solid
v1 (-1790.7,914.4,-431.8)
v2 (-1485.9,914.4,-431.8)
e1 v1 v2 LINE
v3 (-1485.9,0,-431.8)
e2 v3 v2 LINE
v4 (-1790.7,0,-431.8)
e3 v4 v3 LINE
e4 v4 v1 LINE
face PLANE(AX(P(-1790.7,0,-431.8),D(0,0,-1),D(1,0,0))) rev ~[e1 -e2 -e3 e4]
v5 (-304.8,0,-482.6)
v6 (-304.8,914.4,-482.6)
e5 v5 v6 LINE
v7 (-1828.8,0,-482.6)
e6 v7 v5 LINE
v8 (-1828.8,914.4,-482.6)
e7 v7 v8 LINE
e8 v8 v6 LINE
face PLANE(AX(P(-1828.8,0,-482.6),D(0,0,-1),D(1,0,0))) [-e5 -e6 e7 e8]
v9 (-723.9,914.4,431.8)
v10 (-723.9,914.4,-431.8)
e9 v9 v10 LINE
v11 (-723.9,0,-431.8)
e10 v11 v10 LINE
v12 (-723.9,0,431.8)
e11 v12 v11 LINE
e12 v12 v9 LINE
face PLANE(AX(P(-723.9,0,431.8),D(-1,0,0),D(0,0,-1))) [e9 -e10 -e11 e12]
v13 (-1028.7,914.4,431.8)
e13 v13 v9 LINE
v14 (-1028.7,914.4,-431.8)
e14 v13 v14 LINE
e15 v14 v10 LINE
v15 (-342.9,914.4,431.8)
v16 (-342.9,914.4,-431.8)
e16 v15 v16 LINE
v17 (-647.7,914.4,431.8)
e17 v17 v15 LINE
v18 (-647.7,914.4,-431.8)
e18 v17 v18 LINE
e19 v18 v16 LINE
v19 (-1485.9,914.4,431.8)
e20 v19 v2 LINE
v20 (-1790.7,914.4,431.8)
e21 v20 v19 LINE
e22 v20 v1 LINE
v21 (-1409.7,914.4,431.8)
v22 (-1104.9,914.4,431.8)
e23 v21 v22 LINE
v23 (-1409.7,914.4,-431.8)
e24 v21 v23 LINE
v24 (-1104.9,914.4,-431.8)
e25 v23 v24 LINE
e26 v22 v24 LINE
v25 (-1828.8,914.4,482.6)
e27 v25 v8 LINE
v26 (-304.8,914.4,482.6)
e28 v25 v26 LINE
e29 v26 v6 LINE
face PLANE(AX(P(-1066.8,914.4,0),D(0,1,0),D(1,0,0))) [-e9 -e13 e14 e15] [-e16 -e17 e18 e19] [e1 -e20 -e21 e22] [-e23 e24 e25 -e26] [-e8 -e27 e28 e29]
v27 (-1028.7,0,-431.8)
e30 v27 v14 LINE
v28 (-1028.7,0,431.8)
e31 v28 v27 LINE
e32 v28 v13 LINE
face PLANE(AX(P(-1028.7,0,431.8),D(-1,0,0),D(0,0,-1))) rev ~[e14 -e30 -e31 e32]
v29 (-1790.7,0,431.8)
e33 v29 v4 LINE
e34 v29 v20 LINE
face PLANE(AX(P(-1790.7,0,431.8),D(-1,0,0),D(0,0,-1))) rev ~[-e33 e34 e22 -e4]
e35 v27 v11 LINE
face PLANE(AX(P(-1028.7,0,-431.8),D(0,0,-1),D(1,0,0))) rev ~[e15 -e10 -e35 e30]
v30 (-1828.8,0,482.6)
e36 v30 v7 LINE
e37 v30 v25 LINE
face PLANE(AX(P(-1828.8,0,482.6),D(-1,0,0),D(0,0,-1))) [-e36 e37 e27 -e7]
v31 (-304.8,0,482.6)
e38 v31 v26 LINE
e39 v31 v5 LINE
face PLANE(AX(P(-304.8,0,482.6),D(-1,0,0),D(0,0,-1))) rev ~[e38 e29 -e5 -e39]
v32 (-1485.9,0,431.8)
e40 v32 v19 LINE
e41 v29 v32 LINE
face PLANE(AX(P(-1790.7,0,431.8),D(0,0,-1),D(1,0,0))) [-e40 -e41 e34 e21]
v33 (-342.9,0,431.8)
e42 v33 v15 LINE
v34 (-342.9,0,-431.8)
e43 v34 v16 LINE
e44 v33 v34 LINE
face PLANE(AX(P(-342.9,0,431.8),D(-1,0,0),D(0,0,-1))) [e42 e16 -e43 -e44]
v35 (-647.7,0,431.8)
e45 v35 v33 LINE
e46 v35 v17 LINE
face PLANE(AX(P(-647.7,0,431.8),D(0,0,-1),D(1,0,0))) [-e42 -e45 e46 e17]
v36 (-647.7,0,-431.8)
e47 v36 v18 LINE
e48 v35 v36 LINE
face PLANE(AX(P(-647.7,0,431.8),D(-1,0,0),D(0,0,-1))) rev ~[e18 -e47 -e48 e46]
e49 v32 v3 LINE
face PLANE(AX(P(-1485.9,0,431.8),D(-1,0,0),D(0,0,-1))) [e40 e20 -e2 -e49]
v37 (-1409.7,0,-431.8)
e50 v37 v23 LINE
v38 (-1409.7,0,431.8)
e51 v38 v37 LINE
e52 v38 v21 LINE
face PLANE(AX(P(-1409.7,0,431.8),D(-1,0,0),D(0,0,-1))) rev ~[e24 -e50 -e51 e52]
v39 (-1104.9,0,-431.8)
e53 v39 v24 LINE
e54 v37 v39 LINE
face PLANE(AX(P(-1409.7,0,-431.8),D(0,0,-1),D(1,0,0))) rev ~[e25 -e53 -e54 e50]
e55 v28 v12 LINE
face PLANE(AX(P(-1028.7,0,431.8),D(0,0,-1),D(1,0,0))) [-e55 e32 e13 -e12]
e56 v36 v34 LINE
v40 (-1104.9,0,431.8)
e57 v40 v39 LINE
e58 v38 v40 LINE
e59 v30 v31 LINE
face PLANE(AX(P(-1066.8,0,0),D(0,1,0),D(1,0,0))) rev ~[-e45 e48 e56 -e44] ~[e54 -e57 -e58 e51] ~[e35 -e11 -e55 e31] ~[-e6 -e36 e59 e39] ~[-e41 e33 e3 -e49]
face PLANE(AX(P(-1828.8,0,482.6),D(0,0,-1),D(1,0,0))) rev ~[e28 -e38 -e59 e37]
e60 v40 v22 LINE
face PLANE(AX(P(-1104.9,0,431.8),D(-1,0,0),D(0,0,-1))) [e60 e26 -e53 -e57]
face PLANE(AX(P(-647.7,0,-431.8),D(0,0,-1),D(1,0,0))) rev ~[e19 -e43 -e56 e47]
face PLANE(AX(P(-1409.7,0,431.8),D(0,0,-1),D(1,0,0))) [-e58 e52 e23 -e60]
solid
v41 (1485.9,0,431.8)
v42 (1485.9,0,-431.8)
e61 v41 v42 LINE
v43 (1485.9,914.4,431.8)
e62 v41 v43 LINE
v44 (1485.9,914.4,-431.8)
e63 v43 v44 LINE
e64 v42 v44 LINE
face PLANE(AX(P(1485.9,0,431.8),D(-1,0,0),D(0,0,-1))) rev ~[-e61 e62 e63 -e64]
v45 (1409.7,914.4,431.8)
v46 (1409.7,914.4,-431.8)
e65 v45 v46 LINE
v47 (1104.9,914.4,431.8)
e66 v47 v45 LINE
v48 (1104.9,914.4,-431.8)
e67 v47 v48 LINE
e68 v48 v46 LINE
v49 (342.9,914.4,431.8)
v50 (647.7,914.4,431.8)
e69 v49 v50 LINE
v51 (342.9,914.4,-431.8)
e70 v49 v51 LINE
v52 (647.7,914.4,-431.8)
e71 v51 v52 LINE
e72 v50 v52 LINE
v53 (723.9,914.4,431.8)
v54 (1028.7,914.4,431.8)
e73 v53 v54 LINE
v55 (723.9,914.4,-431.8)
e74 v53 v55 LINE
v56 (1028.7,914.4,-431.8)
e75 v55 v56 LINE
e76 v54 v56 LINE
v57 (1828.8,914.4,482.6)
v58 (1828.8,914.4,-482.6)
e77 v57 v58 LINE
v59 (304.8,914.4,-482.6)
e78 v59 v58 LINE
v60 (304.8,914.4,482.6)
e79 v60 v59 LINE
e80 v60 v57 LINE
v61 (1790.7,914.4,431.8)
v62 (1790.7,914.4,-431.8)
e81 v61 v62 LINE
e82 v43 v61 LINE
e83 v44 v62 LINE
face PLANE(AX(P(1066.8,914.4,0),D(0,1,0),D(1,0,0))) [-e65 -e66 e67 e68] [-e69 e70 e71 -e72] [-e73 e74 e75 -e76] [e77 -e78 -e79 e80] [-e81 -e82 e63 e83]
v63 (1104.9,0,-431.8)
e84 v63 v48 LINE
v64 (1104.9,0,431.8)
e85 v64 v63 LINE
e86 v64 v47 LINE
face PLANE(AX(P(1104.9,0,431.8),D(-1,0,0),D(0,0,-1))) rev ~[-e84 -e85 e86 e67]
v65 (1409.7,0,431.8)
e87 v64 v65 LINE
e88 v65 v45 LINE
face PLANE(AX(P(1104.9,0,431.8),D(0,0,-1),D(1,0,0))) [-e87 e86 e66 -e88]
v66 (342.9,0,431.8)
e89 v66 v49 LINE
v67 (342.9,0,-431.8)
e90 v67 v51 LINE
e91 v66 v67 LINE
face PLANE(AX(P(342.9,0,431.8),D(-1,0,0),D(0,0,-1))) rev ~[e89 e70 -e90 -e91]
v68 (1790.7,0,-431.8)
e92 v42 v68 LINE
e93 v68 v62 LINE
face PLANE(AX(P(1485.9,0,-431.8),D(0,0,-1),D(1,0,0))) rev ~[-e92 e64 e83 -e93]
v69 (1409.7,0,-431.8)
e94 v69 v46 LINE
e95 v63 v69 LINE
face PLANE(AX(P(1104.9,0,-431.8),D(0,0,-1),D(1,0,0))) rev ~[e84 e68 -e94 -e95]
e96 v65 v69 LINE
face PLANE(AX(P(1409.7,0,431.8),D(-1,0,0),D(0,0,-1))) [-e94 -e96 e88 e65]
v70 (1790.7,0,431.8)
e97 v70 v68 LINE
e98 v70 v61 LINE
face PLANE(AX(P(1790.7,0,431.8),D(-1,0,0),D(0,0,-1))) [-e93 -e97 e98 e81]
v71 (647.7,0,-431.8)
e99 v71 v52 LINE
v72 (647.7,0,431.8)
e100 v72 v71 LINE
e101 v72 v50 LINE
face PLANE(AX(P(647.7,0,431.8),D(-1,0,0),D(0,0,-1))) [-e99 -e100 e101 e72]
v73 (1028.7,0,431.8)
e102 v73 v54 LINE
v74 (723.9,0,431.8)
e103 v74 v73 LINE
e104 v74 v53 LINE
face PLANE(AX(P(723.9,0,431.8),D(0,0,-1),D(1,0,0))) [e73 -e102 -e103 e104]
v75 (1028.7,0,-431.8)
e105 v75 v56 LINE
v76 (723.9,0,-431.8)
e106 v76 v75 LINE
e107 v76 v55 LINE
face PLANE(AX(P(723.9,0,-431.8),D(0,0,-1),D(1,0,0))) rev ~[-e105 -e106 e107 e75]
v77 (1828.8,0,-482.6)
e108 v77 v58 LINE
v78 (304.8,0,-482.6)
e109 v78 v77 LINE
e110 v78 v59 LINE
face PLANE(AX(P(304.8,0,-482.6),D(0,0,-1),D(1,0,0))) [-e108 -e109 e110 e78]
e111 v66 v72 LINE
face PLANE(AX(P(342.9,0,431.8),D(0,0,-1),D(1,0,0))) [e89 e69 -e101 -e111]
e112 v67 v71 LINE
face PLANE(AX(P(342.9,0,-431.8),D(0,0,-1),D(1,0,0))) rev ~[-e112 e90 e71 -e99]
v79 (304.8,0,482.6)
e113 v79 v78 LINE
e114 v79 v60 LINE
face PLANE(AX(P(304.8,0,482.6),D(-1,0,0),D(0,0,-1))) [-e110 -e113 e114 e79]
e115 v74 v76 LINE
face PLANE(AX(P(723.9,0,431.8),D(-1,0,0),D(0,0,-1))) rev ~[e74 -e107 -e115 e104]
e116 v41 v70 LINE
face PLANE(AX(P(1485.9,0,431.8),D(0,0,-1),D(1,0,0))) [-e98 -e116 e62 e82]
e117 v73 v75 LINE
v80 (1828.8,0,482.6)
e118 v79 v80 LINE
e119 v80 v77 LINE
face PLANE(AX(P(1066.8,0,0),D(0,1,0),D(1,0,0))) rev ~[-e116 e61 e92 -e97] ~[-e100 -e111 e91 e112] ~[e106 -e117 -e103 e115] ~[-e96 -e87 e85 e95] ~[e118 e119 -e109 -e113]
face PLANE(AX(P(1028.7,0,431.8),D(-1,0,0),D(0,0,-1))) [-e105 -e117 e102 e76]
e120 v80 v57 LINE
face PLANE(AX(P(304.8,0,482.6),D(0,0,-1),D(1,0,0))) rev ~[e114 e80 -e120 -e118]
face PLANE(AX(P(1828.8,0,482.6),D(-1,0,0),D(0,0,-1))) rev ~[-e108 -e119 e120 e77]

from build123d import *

# Parameters (mm, degrees)
SKETCH1_W             = 1524
SKETCH1_H             = 965.2
SKETCH1_W_2           = 304.8
SKETCH1_H_2           = 863.6
BOSS_EXTRUDE2_DEPTH   = 914.4
BOSS_EXTRUDE2_2_DEPTH = 914.4


with BuildPart() as part:
    # Sketch1 → Boss-Extrude2 (new body)
    with BuildSketch(Plane(origin=(0, 0, 0), x_dir=(1, 0, 0), z_dir=(0, 1, 0))):
        with Locations((-1066.8, 0)):
            Rectangle(SKETCH1_W, SKETCH1_H)
        with Locations((-1638.3, 0)):
            Rectangle(SKETCH1_W_2, SKETCH1_H_2, mode=Mode.SUBTRACT)
        with Locations((-1257.3, 0)):
            Rectangle(SKETCH1_W_2, SKETCH1_H_2, mode=Mode.SUBTRACT)
        with Locations((-876.3, 0)):
            Rectangle(SKETCH1_W_2, SKETCH1_H_2, mode=Mode.SUBTRACT)
        with Locations((-495.3, 0)):
            Rectangle(SKETCH1_W_2, SKETCH1_H_2, mode=Mode.SUBTRACT)
    extrude(amount=BOSS_EXTRUDE2_DEPTH)


with BuildPart() as body_2:
    # Sketch1 → Boss-Extrude2 2 (new body)
    with BuildSketch(Plane(origin=(0, 0, 0), x_dir=(1, 0, 0), z_dir=(0, 1, 0))):
        with Locations((1066.8, 0)):
            Rectangle(SKETCH1_W, SKETCH1_H)
        with Locations((495.3, 0)):
            Rectangle(SKETCH1_W_2, SKETCH1_H_2, mode=Mode.SUBTRACT)
        with Locations((876.3, 0)):
            Rectangle(SKETCH1_W_2, SKETCH1_H_2, mode=Mode.SUBTRACT)
        with Locations((1257.3, 0)):
            Rectangle(SKETCH1_W_2, SKETCH1_H_2, mode=Mode.SUBTRACT)
        with Locations((1638.3, 0)):
            Rectangle(SKETCH1_W_2, SKETCH1_H_2, mode=Mode.SUBTRACT)
    extrude(amount=BOSS_EXTRUDE2_2_DEPTH)


solid = Compound([part.part, body_2.part])
